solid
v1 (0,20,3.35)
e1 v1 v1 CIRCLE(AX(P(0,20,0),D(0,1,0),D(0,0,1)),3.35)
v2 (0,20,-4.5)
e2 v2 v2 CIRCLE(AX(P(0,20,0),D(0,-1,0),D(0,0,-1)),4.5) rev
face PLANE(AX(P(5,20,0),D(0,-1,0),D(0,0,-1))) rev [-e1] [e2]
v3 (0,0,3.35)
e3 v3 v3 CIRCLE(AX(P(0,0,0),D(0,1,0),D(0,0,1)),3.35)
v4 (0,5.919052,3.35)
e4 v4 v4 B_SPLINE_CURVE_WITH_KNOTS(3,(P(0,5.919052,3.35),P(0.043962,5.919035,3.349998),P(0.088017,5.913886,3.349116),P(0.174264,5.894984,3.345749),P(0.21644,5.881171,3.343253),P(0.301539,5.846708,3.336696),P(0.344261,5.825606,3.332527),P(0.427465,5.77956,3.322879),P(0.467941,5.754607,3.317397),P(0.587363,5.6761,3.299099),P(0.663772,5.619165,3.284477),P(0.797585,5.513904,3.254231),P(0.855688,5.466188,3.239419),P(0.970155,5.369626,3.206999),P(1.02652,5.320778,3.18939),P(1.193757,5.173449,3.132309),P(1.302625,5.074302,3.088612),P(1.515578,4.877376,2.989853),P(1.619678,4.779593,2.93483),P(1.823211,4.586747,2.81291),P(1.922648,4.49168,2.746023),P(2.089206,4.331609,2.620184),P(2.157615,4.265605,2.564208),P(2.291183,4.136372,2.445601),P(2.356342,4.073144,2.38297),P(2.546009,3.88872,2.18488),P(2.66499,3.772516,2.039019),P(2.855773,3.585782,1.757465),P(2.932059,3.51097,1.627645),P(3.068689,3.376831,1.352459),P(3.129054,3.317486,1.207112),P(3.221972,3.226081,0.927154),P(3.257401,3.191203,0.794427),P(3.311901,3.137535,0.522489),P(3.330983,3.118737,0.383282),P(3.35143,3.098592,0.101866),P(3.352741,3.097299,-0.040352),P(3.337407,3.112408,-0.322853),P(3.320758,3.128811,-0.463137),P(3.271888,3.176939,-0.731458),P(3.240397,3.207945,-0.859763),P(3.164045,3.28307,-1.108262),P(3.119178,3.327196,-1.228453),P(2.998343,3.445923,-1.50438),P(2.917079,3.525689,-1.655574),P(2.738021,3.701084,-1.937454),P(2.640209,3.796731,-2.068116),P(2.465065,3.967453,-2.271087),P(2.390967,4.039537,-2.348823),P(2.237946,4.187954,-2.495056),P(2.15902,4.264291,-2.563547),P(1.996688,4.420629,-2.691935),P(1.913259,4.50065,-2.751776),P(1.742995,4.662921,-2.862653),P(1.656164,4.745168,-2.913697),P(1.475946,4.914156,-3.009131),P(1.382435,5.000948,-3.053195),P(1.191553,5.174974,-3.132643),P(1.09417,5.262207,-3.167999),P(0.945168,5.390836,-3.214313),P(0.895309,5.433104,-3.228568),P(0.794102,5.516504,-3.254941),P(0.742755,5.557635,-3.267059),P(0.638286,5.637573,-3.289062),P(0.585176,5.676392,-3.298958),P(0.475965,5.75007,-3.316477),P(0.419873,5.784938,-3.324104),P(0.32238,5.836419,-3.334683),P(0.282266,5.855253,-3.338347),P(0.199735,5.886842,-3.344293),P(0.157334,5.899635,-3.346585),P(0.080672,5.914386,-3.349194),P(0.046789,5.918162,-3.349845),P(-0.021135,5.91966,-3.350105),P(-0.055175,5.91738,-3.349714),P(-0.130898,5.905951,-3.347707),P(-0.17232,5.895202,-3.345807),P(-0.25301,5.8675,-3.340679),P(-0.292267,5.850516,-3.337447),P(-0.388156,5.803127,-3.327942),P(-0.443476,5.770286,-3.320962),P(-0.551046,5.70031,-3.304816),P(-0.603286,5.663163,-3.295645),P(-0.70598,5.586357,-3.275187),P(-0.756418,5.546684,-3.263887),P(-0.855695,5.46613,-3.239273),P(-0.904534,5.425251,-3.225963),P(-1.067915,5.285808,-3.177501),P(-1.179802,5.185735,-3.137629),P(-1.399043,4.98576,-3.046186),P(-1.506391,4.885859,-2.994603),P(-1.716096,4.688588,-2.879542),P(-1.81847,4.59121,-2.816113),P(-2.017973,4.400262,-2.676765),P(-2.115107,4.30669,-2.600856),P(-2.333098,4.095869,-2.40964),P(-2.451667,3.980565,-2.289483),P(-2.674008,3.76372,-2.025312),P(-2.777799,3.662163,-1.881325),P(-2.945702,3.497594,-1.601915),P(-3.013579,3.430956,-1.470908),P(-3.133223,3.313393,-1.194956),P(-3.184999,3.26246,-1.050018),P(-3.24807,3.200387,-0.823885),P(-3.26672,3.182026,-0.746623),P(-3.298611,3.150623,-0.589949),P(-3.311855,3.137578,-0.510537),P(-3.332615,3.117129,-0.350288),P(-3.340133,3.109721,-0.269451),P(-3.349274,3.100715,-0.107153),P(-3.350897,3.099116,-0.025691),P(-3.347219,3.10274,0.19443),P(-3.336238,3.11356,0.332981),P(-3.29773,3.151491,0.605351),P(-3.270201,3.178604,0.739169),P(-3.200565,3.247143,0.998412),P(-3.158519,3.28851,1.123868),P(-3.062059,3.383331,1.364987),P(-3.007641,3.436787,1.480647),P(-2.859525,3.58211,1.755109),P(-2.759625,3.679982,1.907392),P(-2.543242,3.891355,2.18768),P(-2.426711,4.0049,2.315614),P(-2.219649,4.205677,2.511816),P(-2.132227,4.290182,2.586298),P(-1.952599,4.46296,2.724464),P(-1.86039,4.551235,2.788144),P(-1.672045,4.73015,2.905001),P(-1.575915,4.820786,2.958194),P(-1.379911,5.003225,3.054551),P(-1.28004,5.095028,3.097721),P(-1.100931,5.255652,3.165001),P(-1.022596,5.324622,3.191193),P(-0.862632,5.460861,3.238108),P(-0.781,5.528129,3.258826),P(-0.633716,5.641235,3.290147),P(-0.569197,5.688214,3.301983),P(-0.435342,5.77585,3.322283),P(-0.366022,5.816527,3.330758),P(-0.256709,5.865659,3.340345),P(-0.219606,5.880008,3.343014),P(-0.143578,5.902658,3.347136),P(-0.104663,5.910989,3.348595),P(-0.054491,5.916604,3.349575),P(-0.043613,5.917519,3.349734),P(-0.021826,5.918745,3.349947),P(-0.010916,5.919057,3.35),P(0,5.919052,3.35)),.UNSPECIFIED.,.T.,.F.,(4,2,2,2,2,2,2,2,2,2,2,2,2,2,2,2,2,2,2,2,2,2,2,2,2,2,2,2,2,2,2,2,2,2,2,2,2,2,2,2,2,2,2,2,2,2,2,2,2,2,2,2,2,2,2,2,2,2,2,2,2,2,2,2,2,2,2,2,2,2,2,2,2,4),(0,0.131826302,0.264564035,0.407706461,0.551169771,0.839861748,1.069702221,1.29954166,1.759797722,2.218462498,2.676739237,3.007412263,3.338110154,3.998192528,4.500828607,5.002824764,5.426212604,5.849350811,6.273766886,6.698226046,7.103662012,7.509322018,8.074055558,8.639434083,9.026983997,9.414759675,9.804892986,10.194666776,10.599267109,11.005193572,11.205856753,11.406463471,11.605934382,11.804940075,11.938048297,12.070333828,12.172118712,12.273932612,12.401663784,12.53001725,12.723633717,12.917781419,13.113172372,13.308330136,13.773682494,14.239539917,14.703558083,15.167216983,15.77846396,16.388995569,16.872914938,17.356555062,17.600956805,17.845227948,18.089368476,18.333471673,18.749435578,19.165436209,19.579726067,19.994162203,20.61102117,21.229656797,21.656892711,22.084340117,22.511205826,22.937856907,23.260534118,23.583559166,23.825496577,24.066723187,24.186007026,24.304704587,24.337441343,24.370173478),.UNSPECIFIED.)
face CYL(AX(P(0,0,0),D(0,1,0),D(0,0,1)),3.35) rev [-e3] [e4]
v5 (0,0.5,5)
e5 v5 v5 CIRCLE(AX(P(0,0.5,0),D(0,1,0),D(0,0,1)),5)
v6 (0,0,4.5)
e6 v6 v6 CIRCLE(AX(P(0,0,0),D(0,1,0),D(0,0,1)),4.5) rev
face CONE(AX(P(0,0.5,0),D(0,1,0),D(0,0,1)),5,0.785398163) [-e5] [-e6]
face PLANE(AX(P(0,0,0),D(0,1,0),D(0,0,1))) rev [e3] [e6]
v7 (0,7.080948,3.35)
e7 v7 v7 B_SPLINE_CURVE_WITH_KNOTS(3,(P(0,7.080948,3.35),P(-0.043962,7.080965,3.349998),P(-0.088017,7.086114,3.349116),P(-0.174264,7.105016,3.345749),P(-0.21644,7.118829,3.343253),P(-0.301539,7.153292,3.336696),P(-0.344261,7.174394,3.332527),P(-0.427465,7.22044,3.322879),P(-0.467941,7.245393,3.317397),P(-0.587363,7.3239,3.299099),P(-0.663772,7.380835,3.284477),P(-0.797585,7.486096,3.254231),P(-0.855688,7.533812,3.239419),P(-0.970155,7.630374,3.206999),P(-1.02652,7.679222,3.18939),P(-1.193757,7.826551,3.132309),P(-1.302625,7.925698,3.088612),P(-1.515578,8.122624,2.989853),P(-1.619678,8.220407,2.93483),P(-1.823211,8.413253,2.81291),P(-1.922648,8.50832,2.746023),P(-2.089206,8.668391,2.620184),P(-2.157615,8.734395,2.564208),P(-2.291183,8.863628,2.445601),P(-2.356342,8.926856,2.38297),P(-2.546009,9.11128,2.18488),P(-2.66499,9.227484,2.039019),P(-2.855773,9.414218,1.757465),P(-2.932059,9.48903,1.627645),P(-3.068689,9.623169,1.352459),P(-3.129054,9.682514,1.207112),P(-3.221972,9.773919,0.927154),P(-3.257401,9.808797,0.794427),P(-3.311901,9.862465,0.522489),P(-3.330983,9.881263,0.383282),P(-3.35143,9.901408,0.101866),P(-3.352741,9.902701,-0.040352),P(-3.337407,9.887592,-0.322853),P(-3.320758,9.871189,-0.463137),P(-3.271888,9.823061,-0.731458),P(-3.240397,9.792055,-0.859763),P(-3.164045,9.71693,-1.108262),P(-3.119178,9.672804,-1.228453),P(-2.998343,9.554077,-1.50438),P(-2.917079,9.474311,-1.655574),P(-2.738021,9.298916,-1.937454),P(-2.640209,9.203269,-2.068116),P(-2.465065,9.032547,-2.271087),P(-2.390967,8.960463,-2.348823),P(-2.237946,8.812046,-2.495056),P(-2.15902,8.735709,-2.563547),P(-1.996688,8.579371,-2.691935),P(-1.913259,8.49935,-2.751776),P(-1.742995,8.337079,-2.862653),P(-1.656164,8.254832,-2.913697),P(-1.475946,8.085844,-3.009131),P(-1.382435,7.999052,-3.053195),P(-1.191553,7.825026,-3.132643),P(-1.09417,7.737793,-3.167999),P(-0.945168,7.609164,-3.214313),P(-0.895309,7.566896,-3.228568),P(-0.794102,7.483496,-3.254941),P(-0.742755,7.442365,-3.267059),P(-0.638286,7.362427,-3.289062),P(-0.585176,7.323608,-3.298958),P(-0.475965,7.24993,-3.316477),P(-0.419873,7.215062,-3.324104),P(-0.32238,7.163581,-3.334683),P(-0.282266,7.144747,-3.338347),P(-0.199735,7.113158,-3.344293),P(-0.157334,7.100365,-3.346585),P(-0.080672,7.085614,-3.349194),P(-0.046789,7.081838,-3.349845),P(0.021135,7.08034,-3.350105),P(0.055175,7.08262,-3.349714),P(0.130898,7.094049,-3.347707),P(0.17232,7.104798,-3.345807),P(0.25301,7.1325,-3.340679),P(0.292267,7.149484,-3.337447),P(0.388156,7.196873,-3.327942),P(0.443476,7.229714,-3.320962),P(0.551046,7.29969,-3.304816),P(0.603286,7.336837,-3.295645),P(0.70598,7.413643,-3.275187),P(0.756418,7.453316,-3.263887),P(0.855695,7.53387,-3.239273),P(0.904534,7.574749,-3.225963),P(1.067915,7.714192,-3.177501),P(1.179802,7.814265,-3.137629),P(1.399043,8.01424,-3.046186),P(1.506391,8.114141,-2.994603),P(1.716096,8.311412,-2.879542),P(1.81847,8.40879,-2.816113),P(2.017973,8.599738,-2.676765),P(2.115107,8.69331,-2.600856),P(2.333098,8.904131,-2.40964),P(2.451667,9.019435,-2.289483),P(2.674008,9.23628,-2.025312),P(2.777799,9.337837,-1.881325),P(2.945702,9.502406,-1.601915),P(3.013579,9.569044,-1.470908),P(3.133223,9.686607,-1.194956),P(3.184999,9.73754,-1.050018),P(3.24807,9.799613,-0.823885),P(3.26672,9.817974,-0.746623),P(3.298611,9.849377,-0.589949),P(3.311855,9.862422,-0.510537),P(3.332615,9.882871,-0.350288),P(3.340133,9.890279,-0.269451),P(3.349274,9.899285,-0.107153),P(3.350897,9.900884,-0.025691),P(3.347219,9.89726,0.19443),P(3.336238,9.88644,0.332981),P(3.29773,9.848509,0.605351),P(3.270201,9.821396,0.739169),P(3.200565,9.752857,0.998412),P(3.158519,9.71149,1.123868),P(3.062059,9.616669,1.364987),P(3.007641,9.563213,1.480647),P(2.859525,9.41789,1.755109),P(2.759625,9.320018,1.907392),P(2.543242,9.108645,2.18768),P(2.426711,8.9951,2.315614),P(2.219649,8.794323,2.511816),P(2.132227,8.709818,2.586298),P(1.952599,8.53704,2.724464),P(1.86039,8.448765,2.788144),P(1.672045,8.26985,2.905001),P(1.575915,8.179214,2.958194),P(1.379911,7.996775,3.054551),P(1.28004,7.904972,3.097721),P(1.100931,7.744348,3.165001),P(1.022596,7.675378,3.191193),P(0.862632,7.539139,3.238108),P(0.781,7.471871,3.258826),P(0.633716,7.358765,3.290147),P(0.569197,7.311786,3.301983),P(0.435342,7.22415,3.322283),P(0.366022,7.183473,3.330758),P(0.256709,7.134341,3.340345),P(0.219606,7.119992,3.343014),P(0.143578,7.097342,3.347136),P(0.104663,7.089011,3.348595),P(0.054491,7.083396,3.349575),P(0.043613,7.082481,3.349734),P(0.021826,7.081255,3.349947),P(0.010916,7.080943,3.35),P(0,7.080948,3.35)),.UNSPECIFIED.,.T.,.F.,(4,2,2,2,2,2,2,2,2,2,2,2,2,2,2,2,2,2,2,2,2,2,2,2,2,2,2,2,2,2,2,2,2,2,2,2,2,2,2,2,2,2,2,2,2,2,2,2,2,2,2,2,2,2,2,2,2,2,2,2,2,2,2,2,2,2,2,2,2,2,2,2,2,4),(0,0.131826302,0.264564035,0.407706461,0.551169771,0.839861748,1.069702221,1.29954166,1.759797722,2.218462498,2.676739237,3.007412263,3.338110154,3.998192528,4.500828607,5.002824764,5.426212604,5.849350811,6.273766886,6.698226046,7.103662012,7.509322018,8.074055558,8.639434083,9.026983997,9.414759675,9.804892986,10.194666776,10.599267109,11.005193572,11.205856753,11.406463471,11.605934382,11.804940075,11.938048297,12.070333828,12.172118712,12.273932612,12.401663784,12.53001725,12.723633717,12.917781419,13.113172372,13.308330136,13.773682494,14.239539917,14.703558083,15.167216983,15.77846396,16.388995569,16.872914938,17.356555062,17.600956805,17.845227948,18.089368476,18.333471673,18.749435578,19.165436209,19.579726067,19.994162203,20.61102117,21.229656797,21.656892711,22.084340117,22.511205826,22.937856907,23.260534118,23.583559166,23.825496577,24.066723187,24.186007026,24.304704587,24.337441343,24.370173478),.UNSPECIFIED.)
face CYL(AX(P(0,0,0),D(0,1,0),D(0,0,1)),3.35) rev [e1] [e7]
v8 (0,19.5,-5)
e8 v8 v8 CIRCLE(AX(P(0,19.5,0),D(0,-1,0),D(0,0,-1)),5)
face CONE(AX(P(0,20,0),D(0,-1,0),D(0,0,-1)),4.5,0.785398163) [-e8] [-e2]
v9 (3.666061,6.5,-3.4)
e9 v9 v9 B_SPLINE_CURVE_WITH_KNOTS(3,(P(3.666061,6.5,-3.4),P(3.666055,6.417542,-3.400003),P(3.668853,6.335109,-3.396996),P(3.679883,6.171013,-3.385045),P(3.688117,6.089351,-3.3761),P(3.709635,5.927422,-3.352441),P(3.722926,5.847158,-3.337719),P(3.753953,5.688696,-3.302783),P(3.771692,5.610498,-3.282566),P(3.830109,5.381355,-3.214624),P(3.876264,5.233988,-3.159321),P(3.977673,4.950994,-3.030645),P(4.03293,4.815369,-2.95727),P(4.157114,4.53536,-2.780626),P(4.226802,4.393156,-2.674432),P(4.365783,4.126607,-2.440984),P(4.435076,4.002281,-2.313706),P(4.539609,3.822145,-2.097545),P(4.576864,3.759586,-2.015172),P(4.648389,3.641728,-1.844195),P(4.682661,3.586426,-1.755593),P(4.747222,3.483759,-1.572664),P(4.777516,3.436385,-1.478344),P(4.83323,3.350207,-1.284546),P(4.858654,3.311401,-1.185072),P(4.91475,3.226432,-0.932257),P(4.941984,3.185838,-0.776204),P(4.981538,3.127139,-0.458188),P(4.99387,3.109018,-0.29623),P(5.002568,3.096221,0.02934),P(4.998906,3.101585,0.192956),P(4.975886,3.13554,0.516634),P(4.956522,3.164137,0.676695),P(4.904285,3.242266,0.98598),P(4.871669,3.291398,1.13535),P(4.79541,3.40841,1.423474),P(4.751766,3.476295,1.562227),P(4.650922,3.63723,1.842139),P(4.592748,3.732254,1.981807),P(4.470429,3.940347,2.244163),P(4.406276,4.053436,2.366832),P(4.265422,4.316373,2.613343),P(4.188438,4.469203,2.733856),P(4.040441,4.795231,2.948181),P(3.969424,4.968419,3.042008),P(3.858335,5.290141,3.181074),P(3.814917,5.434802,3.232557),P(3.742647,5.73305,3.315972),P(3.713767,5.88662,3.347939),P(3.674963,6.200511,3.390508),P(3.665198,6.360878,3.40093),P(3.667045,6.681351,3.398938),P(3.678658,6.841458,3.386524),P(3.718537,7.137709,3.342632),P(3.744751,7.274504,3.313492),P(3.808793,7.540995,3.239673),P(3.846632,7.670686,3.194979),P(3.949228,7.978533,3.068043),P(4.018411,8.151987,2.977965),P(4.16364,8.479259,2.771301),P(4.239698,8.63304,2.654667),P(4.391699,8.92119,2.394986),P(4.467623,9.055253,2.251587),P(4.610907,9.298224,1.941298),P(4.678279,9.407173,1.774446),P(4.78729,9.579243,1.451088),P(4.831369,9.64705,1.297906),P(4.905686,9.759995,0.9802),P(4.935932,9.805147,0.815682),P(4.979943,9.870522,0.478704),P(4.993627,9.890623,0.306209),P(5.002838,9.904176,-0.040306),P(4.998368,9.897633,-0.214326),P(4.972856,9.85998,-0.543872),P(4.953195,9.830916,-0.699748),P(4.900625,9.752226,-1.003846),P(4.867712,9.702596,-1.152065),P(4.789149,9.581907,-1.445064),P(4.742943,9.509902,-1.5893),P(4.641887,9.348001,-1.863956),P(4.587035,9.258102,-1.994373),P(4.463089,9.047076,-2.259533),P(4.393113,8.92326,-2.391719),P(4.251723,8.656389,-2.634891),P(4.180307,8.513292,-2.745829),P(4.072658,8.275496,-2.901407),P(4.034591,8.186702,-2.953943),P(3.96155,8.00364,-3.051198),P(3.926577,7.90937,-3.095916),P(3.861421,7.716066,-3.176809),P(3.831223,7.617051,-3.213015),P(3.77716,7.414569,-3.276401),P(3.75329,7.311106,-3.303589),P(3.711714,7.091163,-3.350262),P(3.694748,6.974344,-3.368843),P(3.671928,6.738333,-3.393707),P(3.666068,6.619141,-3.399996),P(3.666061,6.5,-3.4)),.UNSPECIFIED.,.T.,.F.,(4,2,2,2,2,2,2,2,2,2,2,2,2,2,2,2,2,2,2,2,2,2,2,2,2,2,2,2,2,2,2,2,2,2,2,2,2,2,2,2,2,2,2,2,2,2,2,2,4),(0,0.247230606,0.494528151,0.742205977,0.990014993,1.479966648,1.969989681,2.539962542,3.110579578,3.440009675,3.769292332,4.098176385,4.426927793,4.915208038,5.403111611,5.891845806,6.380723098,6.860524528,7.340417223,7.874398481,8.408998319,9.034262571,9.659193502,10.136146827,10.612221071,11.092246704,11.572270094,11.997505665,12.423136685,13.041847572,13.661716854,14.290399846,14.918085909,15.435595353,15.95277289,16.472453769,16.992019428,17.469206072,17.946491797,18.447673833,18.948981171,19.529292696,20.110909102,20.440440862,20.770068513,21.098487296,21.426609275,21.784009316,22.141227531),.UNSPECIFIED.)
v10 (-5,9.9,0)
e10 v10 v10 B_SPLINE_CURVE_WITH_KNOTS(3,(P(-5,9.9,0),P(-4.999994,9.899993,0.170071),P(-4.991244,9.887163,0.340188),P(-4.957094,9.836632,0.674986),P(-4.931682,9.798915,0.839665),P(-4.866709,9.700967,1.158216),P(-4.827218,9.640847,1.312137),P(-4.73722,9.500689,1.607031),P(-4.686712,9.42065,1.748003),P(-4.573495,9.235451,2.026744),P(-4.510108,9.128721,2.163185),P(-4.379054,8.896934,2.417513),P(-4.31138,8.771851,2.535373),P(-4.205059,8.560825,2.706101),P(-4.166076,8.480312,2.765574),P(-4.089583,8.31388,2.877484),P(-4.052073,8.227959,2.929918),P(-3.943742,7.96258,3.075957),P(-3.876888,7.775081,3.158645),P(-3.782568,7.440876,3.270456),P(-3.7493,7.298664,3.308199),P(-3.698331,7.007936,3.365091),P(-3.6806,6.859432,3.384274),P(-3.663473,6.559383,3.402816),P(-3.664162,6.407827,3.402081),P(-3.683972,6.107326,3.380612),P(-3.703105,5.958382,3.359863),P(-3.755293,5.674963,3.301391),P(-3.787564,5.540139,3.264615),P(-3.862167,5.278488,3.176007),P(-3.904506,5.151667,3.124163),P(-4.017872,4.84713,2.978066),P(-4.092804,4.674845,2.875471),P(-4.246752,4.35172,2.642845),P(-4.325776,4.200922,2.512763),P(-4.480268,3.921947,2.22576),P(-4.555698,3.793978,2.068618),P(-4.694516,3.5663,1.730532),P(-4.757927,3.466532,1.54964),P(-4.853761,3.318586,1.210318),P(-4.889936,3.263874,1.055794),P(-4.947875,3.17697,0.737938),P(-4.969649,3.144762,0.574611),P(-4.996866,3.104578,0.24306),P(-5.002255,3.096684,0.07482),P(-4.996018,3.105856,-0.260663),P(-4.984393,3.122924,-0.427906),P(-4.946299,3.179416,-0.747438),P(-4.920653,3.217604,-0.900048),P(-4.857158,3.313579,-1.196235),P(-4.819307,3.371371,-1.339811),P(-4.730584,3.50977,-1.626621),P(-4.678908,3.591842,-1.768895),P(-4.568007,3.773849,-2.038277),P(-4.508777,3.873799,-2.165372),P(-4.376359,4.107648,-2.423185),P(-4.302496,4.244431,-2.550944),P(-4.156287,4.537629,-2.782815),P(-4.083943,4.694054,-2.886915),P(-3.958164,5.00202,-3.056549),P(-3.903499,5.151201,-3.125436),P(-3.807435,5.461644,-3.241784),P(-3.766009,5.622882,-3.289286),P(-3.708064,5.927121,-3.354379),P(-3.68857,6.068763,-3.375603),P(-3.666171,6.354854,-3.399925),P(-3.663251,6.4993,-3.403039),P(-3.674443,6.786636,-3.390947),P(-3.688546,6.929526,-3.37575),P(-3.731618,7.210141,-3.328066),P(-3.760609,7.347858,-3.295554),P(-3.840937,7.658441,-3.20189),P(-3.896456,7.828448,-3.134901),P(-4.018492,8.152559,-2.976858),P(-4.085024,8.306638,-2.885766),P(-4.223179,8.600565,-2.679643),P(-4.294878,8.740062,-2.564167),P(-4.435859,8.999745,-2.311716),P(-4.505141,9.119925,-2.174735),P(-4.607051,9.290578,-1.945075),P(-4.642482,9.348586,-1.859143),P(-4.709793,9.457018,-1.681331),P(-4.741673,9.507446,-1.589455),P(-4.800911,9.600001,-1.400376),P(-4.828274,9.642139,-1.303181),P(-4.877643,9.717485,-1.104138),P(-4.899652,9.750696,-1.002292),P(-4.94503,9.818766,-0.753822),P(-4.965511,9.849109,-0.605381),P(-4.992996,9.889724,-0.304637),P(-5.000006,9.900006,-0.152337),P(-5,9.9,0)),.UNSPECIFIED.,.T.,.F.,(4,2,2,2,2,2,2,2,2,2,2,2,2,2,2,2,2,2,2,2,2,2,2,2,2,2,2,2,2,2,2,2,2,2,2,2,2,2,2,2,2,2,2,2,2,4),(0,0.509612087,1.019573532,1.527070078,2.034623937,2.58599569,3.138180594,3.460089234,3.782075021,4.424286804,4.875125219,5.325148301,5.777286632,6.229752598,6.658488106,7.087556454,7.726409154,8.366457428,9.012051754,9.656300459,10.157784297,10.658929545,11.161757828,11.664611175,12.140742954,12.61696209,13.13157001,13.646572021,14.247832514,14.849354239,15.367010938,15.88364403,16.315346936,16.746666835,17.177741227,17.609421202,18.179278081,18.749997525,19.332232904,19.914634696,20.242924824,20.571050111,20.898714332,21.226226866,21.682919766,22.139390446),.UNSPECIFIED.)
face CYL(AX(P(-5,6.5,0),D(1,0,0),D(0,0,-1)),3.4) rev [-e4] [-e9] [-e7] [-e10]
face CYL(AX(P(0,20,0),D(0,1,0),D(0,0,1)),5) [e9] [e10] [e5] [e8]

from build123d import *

# Parameters (mm, degrees)
SKETCH_1_W               = 5
SKETCH_1_H               = 20
SKETCH_3_R               = 3.35
CUT_EXTRUDE_1_DEPTH      = 22.213203436
CUT_EXTRUDE_2_DEPTH      = 22.213203436
CUT_EXTRUDE_2_DEPTH_BACK = 22.213203436
SKETCH_4_R               = 3.4
CHAMFER_1_SIZE           = 0.5


with BuildPart() as part:
    # 草图1 → 旋转1 (revolve)
    with BuildSketch(Plane.XY, mode=Mode.PRIVATE) as revolve_1_sk:
        with Locations((2.5, 10)):
            Rectangle(SKETCH_1_W, SKETCH_1_H)
    revolve(revolve_1_sk.sketch.rotate(Axis((0, 20, 0), (0, 1, 0)), 270), axis=Axis((0, 20, 0), (0, 1, 0)))

    # 草图3 → 切除-拉伸1 (cut, through all)
    with BuildSketch(Plane(origin=(0, 20, 0), x_dir=(1, 0, 0), z_dir=(0, 1, 0))):
        with Locations(Location((0, 0, 0), (0, 0, 270))):
            Circle(SKETCH_3_R)
    extrude(amount=-CUT_EXTRUDE_1_DEPTH, mode=Mode.SUBTRACT)

    # 草图4 → 切除-拉伸2 (cut, two sides: drawn at the far end of the back side and taken through both)
    with BuildSketch(Plane(origin=(0, 0, 0), x_dir=(0, 0, -1), z_dir=(1, 0, 0)).offset(-CUT_EXTRUDE_2_DEPTH_BACK)):
        with Locations((0, 6.5)):
            Circle(SKETCH_4_R)
    extrude(amount=CUT_EXTRUDE_2_DEPTH + CUT_EXTRUDE_2_DEPTH_BACK, mode=Mode.SUBTRACT)

    # 倒角1
    chamfer_1_edges = [part.edges().sort_by_distance(p)[0] for p in [
        (0, 20, -5),
        (0, 0, -5),
    ]]
    chamfer(chamfer_1_edges, length=CHAMFER_1_SIZE)


solid = part.part
